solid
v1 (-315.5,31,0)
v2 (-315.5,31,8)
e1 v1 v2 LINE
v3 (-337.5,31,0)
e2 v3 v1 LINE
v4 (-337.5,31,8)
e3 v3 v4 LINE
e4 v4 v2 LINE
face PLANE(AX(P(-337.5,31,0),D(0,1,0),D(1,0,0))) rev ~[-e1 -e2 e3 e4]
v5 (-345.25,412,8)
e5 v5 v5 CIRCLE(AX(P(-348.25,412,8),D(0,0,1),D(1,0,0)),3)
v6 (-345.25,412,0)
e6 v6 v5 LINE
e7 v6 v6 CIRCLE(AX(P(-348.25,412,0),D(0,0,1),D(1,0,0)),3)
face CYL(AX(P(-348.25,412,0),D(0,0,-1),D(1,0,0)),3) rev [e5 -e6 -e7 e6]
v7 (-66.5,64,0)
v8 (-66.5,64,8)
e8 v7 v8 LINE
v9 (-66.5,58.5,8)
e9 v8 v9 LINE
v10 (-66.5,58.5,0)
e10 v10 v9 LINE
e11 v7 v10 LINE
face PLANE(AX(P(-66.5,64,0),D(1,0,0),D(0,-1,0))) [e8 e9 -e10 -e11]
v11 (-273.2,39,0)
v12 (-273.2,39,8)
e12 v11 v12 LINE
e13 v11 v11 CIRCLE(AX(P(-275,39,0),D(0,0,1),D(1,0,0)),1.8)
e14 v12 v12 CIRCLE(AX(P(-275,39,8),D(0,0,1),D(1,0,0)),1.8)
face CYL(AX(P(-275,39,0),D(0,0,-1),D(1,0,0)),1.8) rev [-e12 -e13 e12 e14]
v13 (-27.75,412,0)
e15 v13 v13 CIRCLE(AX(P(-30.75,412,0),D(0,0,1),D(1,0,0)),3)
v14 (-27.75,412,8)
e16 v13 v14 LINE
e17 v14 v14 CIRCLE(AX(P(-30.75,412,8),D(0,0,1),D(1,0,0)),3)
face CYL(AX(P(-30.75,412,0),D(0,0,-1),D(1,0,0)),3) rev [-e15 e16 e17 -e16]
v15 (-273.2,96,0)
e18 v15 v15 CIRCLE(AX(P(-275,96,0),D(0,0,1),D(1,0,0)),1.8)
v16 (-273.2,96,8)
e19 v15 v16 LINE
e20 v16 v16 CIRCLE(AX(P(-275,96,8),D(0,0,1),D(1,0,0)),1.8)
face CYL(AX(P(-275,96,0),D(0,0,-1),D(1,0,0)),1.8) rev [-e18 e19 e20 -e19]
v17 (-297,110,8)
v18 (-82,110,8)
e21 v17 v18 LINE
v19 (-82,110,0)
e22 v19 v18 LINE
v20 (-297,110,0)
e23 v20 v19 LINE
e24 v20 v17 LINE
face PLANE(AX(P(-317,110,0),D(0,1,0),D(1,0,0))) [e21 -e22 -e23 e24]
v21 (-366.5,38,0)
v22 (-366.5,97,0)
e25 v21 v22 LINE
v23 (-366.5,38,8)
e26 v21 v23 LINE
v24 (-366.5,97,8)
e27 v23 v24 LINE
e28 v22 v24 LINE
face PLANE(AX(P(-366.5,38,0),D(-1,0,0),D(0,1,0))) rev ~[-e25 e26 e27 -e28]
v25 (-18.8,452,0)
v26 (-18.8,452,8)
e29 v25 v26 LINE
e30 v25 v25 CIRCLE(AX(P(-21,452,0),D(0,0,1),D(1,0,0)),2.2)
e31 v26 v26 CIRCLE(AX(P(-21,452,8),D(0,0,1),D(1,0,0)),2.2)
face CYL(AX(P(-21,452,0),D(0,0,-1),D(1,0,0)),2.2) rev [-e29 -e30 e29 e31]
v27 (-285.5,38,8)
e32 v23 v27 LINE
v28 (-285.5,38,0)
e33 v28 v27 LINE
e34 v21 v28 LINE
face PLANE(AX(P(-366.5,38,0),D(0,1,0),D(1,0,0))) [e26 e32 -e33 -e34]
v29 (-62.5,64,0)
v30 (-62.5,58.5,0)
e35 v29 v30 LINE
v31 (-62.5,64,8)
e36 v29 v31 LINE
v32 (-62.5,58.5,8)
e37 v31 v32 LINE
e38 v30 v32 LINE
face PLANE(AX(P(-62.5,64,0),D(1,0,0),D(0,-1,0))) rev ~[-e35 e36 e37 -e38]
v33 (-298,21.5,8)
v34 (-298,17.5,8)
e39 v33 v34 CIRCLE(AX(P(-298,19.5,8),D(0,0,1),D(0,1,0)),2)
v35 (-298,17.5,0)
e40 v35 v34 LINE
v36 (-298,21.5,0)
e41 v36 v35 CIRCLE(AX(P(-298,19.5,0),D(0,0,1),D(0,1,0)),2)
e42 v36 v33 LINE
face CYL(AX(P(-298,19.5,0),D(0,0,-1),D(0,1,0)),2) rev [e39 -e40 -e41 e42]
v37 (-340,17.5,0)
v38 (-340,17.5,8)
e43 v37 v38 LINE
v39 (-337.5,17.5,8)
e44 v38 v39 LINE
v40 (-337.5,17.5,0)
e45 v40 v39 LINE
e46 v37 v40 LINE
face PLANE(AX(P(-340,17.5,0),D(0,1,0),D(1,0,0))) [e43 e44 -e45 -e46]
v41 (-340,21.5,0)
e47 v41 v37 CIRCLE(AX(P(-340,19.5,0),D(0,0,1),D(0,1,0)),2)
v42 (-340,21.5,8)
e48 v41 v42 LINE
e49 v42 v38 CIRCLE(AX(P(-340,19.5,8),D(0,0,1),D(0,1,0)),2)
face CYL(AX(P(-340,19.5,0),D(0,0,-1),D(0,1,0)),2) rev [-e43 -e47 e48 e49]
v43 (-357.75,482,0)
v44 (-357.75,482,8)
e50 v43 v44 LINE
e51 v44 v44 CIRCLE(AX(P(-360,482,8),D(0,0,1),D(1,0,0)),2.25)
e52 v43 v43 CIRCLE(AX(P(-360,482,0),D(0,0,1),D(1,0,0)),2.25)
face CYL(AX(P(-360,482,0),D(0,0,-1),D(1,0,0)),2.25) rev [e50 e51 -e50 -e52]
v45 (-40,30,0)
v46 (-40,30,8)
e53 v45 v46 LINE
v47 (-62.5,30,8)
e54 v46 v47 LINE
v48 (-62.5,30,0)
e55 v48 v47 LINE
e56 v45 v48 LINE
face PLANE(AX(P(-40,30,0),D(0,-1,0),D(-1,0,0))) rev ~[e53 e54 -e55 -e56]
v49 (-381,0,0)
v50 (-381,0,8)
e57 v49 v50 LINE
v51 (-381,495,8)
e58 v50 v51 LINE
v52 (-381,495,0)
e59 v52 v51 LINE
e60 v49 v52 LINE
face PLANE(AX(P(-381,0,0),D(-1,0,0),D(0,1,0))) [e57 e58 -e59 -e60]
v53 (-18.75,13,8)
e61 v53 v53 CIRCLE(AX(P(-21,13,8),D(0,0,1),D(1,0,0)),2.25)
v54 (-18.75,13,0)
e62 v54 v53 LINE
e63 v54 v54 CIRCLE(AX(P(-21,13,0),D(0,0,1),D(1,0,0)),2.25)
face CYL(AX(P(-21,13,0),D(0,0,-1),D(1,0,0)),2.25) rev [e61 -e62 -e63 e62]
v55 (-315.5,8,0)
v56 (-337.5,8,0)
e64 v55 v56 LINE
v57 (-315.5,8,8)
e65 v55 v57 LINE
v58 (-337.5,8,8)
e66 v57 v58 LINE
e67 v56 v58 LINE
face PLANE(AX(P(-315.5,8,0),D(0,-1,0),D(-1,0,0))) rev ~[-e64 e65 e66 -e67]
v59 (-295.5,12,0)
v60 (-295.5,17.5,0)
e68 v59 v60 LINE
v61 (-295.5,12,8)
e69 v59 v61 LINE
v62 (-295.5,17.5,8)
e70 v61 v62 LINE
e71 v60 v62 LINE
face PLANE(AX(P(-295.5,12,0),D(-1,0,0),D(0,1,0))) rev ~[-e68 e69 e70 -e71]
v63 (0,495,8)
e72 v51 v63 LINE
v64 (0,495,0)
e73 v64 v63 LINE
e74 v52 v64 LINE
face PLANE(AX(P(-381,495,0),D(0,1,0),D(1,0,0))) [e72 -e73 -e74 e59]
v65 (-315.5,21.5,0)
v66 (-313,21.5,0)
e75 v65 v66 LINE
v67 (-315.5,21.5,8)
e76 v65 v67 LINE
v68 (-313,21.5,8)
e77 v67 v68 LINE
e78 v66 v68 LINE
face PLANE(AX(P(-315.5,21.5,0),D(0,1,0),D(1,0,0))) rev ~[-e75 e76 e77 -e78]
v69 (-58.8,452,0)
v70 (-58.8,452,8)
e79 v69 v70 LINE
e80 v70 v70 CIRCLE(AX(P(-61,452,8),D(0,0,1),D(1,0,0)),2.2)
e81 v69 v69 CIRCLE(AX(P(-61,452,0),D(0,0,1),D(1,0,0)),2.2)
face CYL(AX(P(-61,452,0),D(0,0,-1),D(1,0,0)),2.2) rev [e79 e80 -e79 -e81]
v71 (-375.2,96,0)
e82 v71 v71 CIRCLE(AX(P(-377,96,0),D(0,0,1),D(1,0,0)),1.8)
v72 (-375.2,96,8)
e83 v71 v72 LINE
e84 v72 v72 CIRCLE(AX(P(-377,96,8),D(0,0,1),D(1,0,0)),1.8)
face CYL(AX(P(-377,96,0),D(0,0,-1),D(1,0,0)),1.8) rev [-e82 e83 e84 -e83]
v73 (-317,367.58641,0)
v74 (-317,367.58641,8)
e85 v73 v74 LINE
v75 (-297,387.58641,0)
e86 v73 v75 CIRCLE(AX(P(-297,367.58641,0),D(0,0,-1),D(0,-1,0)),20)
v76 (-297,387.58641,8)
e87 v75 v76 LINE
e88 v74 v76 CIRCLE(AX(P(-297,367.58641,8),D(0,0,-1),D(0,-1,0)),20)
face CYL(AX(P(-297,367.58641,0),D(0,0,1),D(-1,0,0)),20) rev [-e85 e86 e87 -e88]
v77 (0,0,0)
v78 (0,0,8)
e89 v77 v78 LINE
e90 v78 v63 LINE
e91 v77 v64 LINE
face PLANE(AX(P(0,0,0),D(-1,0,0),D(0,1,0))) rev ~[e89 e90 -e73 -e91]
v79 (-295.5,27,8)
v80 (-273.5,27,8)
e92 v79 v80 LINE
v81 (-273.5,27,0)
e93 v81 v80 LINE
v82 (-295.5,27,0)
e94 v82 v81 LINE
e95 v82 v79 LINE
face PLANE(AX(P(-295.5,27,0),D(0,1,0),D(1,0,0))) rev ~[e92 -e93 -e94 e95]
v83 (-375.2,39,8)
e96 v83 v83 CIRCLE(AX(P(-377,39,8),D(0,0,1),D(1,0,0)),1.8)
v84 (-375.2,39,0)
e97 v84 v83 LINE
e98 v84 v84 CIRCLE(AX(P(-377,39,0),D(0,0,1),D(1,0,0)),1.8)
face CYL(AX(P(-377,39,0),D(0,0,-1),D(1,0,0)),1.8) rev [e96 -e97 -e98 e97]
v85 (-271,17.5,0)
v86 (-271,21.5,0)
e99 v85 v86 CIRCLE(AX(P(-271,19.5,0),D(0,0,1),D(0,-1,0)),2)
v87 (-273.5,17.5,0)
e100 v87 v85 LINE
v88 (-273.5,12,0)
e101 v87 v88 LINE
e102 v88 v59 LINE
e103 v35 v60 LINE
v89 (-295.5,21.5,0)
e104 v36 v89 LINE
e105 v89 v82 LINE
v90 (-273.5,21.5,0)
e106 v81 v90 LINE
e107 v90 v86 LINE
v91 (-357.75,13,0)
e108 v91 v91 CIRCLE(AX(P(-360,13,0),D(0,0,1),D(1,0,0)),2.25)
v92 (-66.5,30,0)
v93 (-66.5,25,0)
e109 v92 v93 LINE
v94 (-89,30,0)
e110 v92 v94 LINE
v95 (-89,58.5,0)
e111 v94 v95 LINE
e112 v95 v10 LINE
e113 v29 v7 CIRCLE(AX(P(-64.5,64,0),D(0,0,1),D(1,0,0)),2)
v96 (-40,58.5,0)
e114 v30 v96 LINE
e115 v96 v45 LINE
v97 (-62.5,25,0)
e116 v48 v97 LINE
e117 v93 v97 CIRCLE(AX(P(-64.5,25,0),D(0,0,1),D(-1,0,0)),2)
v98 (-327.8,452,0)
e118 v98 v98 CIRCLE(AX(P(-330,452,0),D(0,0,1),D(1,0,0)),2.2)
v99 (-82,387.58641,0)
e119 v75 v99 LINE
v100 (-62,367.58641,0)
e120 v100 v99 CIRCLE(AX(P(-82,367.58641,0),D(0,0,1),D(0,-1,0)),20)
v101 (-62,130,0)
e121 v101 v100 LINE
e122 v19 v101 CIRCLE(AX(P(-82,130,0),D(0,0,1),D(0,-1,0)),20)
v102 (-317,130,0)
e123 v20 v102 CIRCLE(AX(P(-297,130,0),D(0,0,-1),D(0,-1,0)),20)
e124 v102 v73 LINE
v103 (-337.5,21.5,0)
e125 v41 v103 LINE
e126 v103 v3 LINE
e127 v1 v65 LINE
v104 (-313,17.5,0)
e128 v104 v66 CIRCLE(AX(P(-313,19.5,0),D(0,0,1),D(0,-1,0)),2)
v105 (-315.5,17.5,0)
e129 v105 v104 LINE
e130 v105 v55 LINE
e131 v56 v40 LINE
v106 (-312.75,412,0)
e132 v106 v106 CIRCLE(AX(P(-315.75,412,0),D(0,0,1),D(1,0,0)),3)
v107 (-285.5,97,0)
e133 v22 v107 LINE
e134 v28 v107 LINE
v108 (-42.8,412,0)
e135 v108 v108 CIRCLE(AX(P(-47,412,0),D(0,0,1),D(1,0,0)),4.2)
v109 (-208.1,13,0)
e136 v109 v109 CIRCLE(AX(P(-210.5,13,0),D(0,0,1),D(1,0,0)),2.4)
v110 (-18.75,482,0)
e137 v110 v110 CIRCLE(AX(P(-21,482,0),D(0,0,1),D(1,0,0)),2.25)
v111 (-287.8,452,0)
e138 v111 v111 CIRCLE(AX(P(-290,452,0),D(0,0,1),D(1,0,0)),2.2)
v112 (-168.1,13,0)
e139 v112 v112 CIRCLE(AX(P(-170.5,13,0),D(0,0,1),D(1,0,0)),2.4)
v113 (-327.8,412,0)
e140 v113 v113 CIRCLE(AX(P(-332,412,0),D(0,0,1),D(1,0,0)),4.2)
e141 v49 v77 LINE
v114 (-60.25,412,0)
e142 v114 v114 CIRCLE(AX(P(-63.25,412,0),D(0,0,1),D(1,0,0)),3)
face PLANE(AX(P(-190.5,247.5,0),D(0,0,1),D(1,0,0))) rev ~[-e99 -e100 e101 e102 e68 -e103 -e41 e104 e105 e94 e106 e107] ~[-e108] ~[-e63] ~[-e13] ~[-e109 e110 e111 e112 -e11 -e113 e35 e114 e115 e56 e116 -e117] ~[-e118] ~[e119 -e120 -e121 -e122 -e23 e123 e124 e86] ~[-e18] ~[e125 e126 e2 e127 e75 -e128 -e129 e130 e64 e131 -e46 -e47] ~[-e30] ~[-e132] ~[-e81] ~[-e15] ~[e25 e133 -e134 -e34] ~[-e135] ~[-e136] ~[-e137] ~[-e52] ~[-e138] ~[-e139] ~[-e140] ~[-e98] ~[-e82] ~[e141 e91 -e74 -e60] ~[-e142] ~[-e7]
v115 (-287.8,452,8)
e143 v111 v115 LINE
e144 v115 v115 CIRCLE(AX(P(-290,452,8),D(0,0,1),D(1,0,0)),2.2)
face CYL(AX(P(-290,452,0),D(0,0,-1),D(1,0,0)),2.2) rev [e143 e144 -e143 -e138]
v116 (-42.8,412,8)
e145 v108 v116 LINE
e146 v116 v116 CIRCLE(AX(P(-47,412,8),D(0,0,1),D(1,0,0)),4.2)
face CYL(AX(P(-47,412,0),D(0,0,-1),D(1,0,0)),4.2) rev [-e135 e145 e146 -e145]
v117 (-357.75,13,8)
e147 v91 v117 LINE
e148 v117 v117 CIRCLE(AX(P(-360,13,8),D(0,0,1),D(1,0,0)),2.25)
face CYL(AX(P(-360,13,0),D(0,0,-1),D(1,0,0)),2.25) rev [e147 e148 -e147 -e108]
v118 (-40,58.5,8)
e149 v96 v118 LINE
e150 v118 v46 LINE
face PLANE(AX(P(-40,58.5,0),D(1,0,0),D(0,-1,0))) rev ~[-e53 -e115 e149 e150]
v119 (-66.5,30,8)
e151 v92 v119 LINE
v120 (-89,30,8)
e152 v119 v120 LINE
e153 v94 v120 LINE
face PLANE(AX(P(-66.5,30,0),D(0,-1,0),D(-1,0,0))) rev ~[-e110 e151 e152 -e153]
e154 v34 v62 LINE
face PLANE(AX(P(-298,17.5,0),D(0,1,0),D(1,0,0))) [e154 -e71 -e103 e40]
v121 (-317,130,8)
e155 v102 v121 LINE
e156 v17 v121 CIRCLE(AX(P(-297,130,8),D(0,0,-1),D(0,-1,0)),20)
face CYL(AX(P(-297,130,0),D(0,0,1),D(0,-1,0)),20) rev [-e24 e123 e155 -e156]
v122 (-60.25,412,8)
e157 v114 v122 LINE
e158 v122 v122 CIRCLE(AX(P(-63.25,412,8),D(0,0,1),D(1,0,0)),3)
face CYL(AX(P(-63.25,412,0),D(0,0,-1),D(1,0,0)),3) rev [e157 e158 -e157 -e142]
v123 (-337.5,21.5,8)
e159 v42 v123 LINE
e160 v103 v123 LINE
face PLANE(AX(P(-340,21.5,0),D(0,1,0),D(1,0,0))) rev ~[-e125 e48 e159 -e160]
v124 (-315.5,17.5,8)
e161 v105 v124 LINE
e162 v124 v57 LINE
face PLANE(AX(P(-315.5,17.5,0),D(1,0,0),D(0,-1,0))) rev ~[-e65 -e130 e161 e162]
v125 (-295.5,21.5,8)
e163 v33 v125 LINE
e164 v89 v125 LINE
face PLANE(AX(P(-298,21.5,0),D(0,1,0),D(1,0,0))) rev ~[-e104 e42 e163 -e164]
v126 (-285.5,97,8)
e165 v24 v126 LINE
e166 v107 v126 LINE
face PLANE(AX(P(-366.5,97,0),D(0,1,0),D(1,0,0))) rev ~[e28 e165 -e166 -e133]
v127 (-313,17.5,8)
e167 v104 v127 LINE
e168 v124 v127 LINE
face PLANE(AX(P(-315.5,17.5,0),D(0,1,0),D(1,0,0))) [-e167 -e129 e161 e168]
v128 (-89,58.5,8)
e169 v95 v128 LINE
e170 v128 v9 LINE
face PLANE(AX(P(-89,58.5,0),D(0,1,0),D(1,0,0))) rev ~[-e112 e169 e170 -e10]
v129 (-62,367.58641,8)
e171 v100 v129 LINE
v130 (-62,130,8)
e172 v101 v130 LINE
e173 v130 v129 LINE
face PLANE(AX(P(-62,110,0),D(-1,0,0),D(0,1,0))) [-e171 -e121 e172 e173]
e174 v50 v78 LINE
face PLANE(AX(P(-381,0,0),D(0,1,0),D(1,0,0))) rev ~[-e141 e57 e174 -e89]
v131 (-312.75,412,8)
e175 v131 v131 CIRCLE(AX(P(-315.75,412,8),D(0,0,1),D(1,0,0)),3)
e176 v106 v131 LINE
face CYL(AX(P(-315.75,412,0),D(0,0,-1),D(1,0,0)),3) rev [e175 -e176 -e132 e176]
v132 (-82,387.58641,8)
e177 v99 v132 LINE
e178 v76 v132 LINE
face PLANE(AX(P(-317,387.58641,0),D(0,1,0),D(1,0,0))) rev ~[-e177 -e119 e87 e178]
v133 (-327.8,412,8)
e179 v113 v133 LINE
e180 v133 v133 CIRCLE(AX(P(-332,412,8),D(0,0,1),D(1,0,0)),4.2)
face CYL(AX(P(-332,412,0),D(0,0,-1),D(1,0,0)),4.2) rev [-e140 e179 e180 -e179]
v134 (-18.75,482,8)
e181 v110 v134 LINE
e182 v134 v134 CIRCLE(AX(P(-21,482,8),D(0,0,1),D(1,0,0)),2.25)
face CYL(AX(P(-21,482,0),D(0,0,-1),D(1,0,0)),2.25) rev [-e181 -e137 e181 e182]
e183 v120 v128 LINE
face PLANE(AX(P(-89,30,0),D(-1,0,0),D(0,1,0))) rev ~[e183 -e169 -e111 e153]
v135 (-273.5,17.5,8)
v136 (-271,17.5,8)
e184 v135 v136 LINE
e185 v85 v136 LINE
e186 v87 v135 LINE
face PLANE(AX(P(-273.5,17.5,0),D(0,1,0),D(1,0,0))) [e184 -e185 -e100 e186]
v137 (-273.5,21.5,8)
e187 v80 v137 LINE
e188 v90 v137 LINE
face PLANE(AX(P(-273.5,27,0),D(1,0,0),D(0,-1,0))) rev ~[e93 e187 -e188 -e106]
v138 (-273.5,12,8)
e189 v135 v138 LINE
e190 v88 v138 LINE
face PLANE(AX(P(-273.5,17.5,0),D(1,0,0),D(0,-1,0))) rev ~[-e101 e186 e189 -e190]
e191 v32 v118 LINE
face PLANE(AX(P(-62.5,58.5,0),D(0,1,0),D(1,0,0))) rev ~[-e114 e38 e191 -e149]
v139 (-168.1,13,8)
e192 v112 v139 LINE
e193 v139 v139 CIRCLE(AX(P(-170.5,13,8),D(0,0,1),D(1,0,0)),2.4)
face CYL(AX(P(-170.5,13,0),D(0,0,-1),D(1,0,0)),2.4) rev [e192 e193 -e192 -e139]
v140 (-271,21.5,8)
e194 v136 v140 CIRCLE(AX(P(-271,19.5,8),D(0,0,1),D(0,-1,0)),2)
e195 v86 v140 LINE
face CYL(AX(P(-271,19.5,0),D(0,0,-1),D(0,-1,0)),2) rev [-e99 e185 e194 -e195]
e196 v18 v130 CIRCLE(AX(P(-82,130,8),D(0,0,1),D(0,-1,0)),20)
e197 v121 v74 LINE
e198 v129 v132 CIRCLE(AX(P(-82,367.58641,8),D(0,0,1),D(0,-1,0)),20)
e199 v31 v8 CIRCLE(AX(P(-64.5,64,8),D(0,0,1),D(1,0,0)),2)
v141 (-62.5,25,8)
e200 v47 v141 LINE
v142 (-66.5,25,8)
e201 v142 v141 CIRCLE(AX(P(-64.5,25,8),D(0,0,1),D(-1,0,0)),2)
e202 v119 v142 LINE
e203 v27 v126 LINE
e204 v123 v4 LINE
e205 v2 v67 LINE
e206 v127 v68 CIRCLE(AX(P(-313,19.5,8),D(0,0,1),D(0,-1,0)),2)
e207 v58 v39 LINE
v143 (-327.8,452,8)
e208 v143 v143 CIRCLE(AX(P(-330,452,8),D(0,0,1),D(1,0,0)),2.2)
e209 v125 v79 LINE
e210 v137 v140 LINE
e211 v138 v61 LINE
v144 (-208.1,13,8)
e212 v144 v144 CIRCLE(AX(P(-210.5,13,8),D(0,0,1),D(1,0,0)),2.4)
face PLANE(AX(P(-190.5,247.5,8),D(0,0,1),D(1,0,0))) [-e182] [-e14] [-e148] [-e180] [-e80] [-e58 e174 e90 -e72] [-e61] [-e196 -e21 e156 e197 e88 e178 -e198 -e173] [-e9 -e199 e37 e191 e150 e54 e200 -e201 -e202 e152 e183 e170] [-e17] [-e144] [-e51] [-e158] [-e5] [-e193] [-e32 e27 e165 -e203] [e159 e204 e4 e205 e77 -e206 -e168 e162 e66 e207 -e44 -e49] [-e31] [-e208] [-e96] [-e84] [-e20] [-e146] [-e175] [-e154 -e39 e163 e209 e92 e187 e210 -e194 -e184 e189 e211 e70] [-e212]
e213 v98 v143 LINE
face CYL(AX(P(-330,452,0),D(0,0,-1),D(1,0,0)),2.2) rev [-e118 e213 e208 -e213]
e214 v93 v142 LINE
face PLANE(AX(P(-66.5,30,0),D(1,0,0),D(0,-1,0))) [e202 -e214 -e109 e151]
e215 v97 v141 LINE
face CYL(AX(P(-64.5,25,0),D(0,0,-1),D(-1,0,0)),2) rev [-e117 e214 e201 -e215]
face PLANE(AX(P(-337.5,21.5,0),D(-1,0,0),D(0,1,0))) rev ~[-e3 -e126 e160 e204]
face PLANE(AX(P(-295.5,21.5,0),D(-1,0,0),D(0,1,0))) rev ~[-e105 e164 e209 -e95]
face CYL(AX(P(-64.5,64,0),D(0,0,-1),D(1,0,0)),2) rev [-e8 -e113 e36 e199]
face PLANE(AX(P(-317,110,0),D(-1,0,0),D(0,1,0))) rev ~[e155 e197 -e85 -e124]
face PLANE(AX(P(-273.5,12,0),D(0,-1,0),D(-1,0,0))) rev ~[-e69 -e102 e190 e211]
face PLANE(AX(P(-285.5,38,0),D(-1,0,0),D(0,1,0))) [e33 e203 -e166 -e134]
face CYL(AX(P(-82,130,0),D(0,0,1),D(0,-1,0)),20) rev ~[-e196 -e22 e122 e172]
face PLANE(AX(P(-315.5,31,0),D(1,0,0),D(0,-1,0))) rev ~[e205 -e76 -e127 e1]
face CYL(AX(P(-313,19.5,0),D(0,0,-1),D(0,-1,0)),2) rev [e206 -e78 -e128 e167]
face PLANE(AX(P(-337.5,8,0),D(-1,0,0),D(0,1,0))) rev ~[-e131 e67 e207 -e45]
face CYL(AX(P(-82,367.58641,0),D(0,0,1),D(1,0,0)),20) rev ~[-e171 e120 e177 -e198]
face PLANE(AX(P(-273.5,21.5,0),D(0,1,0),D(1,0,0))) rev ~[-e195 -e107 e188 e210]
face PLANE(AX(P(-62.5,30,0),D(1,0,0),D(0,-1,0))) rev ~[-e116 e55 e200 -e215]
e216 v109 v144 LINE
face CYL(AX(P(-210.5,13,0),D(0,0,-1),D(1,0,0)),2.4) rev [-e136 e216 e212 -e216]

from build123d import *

# Parameters (mm, degrees)
SKETCH_W   = 381
SKETCH_H   = 495
SKETCH_R   = 3
SKETCH_R_2 = 4.2
SKETCH_R_3 = 2.2
SKETCH_R_4 = 2.25
SKETCH_R_5 = 1.8
SKETCH_R_6 = 2.4
SKETCH_W_2 = 255
SKETCH_H_2 = 277.586411
SKETCH_W_3 = 81
SKETCH_H_3 = 59
PAD_DEPTH  = 8
FILLET_R   = 20


with BuildPart() as part:
    # Sketch → Pad (new body)
    with BuildSketch(Plane.XY):
        with Locations((-190.5, 247.5)):
            Rectangle(SKETCH_W, SKETCH_H)
        with Locations((-348.25, 412)):
            Circle(SKETCH_R, mode=Mode.SUBTRACT)
        with Locations((-315.75, 412)):
            Circle(SKETCH_R, mode=Mode.SUBTRACT)
        with Locations((-332, 412)):
            Circle(SKETCH_R_2, mode=Mode.SUBTRACT)
        with Locations((-63.25, 412)):
            Circle(SKETCH_R, mode=Mode.SUBTRACT)
        with Locations((-30.75, 412)):
            Circle(SKETCH_R, mode=Mode.SUBTRACT)
        with Locations((-47, 412)):
            Circle(SKETCH_R_2, mode=Mode.SUBTRACT)
        with Locations((-330, 452)):
            Circle(SKETCH_R_3, mode=Mode.SUBTRACT)
        with Locations((-290, 452)):
            Circle(SKETCH_R_3, mode=Mode.SUBTRACT)
        with Locations((-61, 452)):
            Circle(SKETCH_R_3, mode=Mode.SUBTRACT)
        with Locations((-21, 452)):
            Circle(SKETCH_R_3, mode=Mode.SUBTRACT)
        with Locations((-21, 482)):
            Circle(SKETCH_R_4, mode=Mode.SUBTRACT)
        with Locations((-360, 482)):
            Circle(SKETCH_R_4, mode=Mode.SUBTRACT)
        with Locations((-21, 13)):
            Circle(SKETCH_R_4, mode=Mode.SUBTRACT)
        with Locations((-360, 13)):
            Circle(SKETCH_R_4, mode=Mode.SUBTRACT)
        with Locations((-377, 96)):
            Circle(SKETCH_R_5, mode=Mode.SUBTRACT)
        with Locations((-275, 96)):
            Circle(SKETCH_R_5, mode=Mode.SUBTRACT)
        with Locations((-275, 39)):
            Circle(SKETCH_R_5, mode=Mode.SUBTRACT)
        with Locations((-377, 39)):
            Circle(SKETCH_R_5, mode=Mode.SUBTRACT)
        with Locations((-210.5, 13)):
            Circle(SKETCH_R_6, mode=Mode.SUBTRACT)
        with Locations((-170.5, 13)):
            Circle(SKETCH_R_6, mode=Mode.SUBTRACT)
        with Locations((-189.5, 248.793205)):
            Rectangle(SKETCH_W_2, SKETCH_H_2, mode=Mode.SUBTRACT)
        with Locations((-326, 67.5)):
            Rectangle(SKETCH_W_3, SKETCH_H_3, mode=Mode.SUBTRACT)
        with BuildLine():
            Line((-337.5, 31), (-315.5, 31))
            Line((-315.5, 31), (-315.5, 21.5))
            Line((-315.5, 21.5), (-313, 21.5))
            ThreePointArc((-313, 17.5), (-311, 19.5), (-313, 21.5))
            Line((-315.5, 17.5), (-313, 17.5))
            Line((-315.5, 17.5), (-315.5, 8))
            Line((-315.5, 8), (-337.5, 8))
            Line((-337.5, 8), (-337.5, 17.5))
            Line((-340, 17.5), (-337.5, 17.5))
            ThreePointArc((-340, 21.5), (-342, 19.5), (-340, 17.5))
            Line((-340, 21.5), (-337.5, 21.5))
            Line((-337.5, 21.5), (-337.5, 31))
        make_face(mode=Mode.SUBTRACT)
        with BuildLine():
            Line((-295.5, 27), (-273.5, 27))
            Line((-273.5, 27), (-273.5, 21.5))
            Line((-273.5, 21.5), (-271, 21.5))
            ThreePointArc((-271, 17.5), (-269, 19.5), (-271, 21.5))
            Line((-273.5, 17.5), (-271, 17.5))
            Line((-273.5, 17.5), (-273.5, 12))
            Line((-273.5, 12), (-295.5, 12))
            Line((-295.5, 12), (-295.5, 17.5))
            Line((-298, 17.5), (-295.5, 17.5))
            ThreePointArc((-298, 21.5), (-300, 19.5), (-298, 17.5))
            Line((-298, 21.5), (-295.5, 21.5))
            Line((-295.5, 21.5), (-295.5, 27))
        make_face(mode=Mode.SUBTRACT)
        with BuildLine():
            Line((-89, 58.5), (-66.5, 58.5))
            Line((-66.5, 64), (-66.5, 58.5))
            ThreePointArc((-62.5, 64), (-64.5, 66), (-66.5, 64))
            Line((-62.5, 64), (-62.5, 58.5))
            Line((-62.5, 58.5), (-40, 58.5))
            Line((-40, 58.5), (-40, 30))
            Line((-40, 30), (-62.5, 30))
            Line((-62.5, 30), (-62.5, 25))
            ThreePointArc((-66.5, 25), (-64.5, 23), (-62.5, 25))
            Line((-66.5, 30), (-66.5, 25))
            Line((-66.5, 30), (-89, 30))
            Line((-89, 30), (-89, 58.5))
        make_face(mode=Mode.SUBTRACT)
    extrude(amount=PAD_DEPTH)

    # Fillet
    fillet_edges = [part.edges().sort_by_distance(p)[0] for p in [
        (-317, 387.586411, 4),
        (-62, 387.586411, 4),
        (-62, 110, 4),
        (-317, 110, 4),
    ]]
    fillet(fillet_edges, radius=FILLET_R)


solid = part.part
